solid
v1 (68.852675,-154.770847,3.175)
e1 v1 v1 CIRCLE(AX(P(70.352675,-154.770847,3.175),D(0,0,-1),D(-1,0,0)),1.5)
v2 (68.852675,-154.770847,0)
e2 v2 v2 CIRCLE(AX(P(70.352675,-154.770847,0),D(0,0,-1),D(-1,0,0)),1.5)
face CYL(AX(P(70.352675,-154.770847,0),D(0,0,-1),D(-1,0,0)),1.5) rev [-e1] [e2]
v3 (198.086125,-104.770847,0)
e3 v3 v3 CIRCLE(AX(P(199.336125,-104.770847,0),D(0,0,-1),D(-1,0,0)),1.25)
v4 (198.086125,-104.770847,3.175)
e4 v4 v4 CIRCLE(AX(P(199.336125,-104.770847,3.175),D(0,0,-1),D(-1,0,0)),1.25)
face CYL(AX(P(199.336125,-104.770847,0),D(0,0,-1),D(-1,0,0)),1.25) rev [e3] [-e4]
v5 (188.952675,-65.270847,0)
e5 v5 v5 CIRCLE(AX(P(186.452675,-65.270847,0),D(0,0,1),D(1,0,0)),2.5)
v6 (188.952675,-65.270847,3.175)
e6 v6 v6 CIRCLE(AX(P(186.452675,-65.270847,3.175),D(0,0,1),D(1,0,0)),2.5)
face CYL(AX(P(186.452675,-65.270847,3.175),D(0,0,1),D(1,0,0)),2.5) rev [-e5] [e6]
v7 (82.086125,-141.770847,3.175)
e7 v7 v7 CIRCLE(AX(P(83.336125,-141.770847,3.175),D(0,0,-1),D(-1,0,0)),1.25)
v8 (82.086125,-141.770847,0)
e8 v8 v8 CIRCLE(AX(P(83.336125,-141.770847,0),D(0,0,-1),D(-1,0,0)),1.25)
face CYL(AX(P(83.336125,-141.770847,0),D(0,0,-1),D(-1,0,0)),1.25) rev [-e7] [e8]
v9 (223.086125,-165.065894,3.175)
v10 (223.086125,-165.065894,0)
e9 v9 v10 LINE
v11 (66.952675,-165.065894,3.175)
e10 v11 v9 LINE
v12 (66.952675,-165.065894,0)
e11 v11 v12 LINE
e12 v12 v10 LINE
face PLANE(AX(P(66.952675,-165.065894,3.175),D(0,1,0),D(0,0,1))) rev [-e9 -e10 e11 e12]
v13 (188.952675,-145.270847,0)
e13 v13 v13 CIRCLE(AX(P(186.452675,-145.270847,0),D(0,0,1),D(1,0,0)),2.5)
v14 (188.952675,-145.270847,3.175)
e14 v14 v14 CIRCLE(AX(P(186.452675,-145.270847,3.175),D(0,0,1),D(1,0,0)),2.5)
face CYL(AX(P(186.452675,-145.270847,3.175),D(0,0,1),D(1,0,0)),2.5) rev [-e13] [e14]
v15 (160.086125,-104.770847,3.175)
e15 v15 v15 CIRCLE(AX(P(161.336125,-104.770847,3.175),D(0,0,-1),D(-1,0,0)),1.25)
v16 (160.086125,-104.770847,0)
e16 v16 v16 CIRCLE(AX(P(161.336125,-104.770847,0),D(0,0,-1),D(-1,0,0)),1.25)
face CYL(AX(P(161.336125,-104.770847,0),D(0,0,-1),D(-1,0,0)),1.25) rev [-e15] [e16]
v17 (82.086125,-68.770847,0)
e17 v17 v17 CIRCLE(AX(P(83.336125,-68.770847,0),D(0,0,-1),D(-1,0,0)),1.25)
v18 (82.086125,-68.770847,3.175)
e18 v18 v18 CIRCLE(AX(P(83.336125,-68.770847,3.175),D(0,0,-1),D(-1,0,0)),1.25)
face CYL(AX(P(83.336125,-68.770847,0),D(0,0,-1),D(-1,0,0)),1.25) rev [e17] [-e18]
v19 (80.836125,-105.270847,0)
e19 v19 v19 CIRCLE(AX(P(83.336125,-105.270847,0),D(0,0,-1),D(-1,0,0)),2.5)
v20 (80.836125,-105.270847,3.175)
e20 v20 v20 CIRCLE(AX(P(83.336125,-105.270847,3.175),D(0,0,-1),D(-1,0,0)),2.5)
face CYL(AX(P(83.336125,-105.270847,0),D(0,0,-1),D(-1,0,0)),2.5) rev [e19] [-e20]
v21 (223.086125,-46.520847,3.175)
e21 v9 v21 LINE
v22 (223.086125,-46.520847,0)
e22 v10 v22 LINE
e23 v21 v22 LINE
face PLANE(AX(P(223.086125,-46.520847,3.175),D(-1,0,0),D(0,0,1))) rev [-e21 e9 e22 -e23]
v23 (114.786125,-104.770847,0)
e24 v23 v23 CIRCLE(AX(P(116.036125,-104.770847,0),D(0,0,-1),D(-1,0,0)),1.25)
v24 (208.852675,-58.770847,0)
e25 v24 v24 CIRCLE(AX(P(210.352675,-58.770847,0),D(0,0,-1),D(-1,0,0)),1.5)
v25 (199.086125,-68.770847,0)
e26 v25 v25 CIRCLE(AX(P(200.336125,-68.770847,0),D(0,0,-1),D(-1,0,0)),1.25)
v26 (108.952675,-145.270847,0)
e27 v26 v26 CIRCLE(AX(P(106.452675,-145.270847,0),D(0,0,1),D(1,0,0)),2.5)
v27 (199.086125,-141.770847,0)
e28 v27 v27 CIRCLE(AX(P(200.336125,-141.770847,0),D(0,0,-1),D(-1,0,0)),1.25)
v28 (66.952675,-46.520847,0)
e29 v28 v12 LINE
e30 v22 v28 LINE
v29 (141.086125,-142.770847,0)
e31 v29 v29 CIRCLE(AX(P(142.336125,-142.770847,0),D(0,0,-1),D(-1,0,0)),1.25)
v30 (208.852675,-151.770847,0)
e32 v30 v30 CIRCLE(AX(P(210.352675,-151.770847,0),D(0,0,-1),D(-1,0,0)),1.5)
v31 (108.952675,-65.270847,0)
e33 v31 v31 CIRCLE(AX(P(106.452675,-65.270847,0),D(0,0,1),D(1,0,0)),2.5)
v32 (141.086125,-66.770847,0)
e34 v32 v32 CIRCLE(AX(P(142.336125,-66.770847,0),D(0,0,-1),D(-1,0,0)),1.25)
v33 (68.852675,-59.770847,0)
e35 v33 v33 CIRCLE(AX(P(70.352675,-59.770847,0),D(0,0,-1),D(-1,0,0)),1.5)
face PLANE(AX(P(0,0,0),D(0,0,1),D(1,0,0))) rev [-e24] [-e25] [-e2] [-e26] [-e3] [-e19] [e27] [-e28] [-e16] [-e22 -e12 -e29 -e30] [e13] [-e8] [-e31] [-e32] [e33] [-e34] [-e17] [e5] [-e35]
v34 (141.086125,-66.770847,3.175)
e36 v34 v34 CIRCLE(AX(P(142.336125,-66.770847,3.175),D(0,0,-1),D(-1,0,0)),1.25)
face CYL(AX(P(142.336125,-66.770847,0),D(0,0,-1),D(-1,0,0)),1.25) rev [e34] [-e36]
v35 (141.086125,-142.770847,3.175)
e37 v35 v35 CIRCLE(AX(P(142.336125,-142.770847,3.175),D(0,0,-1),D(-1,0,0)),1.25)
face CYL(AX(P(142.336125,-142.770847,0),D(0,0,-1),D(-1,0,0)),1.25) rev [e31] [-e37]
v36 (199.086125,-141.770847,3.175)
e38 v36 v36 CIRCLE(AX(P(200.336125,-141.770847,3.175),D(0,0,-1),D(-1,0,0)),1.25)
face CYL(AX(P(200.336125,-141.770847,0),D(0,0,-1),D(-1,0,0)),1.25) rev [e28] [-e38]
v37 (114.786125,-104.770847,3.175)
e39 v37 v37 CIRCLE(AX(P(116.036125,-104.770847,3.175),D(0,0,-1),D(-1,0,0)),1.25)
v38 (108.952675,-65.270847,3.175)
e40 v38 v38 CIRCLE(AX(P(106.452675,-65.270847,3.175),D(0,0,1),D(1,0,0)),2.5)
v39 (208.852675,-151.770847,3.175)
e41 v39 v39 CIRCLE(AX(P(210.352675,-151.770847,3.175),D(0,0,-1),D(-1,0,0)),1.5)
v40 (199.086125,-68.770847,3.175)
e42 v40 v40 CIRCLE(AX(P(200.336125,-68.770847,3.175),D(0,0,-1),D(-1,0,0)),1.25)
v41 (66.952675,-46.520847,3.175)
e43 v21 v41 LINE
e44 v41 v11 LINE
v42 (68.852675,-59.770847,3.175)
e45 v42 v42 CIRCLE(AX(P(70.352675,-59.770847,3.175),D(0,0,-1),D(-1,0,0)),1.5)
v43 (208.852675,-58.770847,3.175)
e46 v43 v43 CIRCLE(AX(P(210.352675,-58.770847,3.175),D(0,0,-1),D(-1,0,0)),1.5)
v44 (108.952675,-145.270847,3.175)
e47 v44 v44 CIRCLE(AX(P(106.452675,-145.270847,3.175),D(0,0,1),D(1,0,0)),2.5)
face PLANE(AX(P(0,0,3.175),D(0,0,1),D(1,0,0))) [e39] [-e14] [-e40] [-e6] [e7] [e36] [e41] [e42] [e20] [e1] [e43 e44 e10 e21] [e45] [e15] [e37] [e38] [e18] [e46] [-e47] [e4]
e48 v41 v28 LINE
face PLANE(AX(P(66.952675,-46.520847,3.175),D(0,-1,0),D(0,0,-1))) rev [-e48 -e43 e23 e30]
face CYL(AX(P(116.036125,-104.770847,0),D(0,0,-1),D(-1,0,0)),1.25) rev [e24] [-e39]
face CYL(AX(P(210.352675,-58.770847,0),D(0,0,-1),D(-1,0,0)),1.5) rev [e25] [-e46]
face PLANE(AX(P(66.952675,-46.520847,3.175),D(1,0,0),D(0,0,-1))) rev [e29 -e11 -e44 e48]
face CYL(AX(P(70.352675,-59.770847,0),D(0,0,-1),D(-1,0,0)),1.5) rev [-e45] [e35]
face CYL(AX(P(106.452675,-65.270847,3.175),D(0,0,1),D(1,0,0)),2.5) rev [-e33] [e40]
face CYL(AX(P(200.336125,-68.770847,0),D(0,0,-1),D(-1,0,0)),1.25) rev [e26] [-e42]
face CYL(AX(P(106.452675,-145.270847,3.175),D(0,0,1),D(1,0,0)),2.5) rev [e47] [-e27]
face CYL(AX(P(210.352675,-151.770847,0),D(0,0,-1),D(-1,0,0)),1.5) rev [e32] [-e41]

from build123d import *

# Parameters (mm, degrees)
SKETCH10_W            = 156.133449978
SKETCH10_H            = 118.545046658
BOSS_EXTRUDE2_DEPTH   = 3.175
F_5_0MM_DOWEL_HOLE1_D = 5
F_3_0MM_DOWEL_HOLE1_D = 3
F_2_5MM_DOWEL_HOLE1_D = 2.5
F_2_5MM_DOWEL_HOLE2_D = 2.5
F_5_0MM_DOWEL_HOLE2_D = 5


with BuildPart() as part:
    # Sketch10 → Boss-Extrude2 (new body)
    with BuildSketch(Plane.XY):
        with Locations((145.019399685, -105.793370226)):
            Rectangle(SKETCH10_W, SKETCH10_H)
    extrude(amount=BOSS_EXTRUDE2_DEPTH)

    # Ø5.0mm Dowel Hole1 (through all)
    with Locations(Plane.XY.offset(3.175)):
        with Locations((106.452674696, -65.270846897), (186.452674696, -65.270846897), (186.452674696, -145.270846897), (106.452674696, -145.270846897)):
            Hole(F_5_0MM_DOWEL_HOLE1_D / 2)

    # Ø3.0mm Dowel Hole1 (through all)
    with Locations(Plane(origin=(0, 0, 0), x_dir=(-1, 0, 0), z_dir=(0, 0, -1))):
        with Locations((-210.352674696, -58.770846897), (-210.352674696, -151.770846897), (-70.352674696, -154.770846897), (-70.352674696, -59.770846897)):
            Hole(F_3_0MM_DOWEL_HOLE1_D / 2)

    # Ø2.5mm Dowel Hole1 (through all)
    with Locations(Plane(origin=(0, 0, 0), x_dir=(-1, 0, 0), z_dir=(0, 0, -1))):
        with Locations((-200.336124674, -68.770846897), (-83.336124674, -68.770846897), (-83.336124674, -141.770846897), (-200.336124674, -141.770846897)):
            Hole(F_2_5MM_DOWEL_HOLE1_D / 2)

    # Ø2.5mm Dowel Hole2 (through all)
    with Locations(Plane(origin=(0, 0, 0), x_dir=(-1, 0, 0), z_dir=(0, 0, -1))):
        with Locations((-199.336124674, -104.770846897), (-161.336124674, -104.770846897), (-116.036124674, -104.770846897), (-142.336124674, -66.770846897), (-142.336124674, -142.770846897)):
            Hole(F_2_5MM_DOWEL_HOLE2_D / 2)

    # Ø5.0mm Dowel Hole2 (through all)
    with Locations(Plane(origin=(0, 0, 0), x_dir=(-1, 0, 0), z_dir=(0, 0, -1))):
        with Locations((-83.336124674, -105.270846897)):
            Hole(F_5_0MM_DOWEL_HOLE2_D / 2)


solid = part.part
